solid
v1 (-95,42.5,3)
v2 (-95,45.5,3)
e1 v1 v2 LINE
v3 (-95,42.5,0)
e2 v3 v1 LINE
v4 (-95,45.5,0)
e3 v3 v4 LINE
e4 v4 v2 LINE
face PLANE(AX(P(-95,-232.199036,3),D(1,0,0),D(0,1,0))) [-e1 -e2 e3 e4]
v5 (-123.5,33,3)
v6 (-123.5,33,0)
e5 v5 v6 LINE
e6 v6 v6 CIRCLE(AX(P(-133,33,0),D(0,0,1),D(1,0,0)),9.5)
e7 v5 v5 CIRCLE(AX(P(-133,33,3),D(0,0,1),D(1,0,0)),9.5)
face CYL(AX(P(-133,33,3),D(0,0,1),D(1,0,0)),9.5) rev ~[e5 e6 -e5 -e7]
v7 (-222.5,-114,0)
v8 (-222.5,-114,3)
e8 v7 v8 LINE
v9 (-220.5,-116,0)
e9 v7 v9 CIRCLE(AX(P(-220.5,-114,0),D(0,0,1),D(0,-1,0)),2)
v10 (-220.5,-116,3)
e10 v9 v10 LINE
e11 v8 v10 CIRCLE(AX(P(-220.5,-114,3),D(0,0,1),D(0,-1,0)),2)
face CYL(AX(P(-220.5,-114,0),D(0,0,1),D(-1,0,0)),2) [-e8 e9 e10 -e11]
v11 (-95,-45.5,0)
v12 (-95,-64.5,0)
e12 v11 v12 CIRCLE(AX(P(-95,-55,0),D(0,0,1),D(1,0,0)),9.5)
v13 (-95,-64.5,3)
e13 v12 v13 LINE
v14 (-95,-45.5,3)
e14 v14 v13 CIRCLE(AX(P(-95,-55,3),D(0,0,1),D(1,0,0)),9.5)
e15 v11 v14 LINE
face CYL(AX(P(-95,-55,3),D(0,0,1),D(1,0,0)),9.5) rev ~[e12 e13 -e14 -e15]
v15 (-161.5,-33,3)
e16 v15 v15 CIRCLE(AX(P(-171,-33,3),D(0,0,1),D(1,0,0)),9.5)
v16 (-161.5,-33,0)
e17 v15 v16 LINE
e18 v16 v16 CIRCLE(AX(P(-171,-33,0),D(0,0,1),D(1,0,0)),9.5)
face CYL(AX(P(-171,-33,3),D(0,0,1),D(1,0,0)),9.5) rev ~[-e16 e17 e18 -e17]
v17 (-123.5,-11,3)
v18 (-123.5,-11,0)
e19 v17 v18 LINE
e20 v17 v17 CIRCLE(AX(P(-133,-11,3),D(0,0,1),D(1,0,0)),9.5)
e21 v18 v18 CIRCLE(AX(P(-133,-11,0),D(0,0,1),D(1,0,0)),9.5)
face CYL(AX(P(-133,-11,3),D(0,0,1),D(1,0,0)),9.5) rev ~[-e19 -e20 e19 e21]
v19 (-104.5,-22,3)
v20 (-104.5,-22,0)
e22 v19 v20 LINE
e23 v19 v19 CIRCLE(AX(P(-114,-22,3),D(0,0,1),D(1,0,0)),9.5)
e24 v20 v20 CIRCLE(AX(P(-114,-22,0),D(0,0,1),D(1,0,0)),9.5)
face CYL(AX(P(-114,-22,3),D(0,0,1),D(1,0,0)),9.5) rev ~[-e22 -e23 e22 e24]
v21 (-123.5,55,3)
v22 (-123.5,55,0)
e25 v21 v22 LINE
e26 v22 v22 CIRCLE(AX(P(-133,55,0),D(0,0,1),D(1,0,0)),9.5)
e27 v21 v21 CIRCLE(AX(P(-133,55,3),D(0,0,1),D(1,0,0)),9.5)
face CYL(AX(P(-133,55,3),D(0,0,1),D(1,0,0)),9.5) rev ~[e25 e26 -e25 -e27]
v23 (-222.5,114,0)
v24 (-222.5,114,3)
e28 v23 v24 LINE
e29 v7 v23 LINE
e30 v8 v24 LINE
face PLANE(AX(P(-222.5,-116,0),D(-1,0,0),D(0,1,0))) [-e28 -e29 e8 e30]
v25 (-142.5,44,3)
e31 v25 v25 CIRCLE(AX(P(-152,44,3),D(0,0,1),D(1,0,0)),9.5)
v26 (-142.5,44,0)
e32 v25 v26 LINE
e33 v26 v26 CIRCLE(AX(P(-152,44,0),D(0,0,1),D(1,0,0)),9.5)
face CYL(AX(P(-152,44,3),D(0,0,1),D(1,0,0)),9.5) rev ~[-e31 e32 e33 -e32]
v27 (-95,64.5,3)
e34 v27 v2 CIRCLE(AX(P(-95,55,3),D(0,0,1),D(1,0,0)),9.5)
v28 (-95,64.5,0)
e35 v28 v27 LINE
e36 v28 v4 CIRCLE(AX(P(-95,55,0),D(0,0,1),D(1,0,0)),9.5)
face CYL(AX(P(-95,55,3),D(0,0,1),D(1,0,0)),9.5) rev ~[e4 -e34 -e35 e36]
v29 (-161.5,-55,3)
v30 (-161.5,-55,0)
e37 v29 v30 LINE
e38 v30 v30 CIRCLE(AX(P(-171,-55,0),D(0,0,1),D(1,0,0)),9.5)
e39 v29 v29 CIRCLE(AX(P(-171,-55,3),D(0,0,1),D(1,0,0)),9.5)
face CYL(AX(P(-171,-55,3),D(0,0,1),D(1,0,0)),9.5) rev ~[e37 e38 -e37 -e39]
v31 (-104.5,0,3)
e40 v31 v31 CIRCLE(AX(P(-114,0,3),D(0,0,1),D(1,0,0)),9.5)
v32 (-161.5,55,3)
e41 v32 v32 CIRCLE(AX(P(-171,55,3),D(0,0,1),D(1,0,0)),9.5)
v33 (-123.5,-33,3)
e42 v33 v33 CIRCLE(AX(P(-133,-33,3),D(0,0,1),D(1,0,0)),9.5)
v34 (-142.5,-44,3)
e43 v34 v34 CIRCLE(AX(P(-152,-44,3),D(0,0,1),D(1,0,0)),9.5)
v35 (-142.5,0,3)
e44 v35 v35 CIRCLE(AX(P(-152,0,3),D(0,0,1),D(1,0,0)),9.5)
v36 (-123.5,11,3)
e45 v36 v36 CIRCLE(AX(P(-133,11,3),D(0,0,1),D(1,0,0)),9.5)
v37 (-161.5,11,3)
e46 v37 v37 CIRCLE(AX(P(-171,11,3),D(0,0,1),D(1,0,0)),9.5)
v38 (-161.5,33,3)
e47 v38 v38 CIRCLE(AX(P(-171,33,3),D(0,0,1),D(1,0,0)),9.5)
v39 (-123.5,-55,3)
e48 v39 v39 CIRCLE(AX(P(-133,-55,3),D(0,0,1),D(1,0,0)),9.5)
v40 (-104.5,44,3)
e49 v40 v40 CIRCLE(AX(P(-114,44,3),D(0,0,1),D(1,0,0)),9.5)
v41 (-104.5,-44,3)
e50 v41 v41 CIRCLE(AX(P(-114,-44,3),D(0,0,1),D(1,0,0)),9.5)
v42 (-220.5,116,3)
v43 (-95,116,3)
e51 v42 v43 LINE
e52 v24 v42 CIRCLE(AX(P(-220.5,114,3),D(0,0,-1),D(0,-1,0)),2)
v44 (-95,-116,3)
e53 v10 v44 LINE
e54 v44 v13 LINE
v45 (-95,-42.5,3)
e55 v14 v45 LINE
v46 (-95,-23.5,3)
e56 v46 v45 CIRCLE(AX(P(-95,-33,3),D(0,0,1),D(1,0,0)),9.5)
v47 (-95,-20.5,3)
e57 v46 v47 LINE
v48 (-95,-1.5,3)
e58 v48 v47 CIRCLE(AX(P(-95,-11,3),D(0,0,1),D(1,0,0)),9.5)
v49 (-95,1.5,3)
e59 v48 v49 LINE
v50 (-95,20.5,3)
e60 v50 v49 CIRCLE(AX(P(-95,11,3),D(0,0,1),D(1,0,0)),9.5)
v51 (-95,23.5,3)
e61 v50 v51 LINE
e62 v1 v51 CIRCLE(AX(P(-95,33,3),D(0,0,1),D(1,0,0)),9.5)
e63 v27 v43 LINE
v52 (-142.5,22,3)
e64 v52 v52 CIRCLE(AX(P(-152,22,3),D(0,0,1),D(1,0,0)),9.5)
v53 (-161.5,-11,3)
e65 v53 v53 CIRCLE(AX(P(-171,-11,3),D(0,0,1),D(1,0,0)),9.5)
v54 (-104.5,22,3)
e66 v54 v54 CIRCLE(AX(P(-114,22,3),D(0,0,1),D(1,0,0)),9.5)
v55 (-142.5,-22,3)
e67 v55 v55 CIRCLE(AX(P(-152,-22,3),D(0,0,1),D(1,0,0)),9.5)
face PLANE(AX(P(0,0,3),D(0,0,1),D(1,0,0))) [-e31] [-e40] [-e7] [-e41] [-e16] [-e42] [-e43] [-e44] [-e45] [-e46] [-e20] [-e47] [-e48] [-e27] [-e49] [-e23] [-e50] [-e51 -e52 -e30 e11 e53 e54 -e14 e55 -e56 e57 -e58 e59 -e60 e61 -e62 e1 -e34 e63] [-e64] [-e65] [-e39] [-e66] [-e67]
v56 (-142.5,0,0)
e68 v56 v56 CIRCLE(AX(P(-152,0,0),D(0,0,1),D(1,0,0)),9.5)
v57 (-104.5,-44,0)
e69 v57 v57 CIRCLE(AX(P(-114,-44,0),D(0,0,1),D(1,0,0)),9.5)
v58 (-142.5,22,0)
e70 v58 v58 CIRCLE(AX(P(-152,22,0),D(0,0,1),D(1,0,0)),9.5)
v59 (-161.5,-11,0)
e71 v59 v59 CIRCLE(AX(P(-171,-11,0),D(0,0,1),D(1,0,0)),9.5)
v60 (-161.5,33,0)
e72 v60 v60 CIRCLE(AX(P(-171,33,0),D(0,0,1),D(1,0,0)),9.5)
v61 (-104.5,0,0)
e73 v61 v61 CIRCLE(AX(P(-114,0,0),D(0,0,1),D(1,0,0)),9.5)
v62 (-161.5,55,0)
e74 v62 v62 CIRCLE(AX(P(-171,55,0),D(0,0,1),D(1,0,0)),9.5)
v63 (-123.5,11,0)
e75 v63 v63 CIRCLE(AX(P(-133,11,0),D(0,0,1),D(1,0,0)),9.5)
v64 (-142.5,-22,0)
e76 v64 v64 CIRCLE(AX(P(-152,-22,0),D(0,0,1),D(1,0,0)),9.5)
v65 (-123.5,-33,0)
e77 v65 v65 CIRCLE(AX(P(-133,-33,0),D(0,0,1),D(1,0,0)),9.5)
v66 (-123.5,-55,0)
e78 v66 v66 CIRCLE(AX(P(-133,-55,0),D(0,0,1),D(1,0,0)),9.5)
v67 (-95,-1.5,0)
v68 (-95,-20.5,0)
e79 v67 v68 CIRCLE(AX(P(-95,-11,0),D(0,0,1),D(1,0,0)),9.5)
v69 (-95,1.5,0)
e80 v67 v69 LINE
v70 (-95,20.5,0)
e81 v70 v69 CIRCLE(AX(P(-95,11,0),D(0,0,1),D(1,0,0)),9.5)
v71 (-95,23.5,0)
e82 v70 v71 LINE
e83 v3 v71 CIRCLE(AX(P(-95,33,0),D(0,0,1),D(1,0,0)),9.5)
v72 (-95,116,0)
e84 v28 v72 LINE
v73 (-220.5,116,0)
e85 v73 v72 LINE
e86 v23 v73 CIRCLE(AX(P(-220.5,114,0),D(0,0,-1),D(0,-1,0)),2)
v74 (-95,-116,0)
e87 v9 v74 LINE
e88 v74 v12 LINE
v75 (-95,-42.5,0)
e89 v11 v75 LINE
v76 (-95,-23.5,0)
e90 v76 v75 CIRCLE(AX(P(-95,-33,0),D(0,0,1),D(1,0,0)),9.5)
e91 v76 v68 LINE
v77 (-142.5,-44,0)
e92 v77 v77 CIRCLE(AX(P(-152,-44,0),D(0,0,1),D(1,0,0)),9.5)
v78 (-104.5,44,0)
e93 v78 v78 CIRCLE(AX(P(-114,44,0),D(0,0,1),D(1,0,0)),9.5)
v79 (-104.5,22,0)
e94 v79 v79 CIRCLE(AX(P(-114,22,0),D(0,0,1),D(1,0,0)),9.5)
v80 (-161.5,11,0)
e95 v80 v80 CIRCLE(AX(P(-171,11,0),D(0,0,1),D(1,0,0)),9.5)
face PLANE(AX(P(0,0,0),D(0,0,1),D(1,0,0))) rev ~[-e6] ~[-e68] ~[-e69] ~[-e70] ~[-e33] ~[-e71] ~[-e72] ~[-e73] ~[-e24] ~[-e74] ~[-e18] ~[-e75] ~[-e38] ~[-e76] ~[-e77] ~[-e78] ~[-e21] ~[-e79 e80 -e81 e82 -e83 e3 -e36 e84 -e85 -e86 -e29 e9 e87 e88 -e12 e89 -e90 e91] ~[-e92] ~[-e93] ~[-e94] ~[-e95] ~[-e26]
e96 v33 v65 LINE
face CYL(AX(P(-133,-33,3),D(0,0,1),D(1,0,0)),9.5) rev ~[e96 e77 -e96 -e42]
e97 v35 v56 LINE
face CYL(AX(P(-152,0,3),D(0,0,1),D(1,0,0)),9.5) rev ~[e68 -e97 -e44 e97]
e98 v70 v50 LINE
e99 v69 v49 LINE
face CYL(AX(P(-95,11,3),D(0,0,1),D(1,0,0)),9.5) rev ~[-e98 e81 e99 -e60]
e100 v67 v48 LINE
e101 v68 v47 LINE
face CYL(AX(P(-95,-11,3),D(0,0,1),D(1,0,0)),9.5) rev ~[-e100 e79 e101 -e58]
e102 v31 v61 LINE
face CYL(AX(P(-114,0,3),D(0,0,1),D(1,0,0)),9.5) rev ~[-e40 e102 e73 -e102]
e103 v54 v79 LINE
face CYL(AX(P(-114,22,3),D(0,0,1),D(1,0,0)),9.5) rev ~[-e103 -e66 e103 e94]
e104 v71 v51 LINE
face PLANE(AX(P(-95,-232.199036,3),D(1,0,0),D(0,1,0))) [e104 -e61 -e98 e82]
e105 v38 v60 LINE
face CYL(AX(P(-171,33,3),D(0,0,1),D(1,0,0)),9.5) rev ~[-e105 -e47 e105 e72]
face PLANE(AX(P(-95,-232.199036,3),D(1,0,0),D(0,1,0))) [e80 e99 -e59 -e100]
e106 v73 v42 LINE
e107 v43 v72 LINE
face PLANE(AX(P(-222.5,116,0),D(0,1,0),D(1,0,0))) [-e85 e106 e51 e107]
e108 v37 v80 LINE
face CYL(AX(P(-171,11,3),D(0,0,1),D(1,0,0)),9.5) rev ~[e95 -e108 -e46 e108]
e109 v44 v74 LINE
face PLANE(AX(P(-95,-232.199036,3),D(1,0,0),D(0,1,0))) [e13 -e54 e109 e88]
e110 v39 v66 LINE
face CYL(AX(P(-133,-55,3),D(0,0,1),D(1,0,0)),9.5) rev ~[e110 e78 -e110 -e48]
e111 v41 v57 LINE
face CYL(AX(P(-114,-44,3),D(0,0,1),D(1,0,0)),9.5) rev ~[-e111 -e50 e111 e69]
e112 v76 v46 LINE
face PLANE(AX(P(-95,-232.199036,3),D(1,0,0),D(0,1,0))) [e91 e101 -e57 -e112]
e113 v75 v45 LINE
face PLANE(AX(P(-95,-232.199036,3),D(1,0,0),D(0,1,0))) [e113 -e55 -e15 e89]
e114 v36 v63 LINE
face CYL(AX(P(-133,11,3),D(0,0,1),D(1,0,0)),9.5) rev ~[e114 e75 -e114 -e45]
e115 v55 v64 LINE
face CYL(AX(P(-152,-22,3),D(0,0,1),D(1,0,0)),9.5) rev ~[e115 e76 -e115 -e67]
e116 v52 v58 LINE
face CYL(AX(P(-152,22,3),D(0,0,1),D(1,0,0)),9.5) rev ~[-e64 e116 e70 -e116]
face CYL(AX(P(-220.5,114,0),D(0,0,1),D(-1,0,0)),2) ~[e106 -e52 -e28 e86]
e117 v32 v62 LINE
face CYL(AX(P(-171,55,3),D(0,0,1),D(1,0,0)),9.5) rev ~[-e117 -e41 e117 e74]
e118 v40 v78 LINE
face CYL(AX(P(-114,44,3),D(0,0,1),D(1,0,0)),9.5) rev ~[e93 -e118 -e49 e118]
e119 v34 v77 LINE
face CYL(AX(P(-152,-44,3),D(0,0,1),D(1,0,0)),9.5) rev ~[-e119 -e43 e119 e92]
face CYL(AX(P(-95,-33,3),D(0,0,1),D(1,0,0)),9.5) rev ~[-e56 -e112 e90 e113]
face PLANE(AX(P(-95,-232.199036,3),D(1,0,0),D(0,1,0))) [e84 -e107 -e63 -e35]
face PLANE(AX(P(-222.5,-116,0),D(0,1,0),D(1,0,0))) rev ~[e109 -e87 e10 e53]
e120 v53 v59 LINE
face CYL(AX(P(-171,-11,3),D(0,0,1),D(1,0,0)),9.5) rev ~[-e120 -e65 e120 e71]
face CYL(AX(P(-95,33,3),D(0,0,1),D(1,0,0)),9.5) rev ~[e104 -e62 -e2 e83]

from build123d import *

# Parameters (mm, degrees)
SKETCH064_W     = 445
SKETCH064_H     = 232
PAD024_DEPTH    = 3
SKETCH065_R     = 9.5
POCKET040_DEPTH = 5
FILLET009_R     = 2
SKETCH066_R     = 7
POCKET041_DEPTH = 10.001
SKETCH081_W     = 425.970062
SKETCH081_H     = 417.705674
POCKET053_DEPTH = 5


with BuildPart() as part:
    # Sketch064 → Pad024 (new body)
    with BuildSketch(Plane.XY):
        Rectangle(SKETCH064_W, SKETCH064_H)
    extrude(amount=PAD024_DEPTH)

    # Sketch065 (on Face6 of Pad024) → Pocket040 (cut)
    with BuildSketch(Plane.XY.offset(3)):
        with Locations((-171, 55)):
            Circle(SKETCH065_R)
        with Locations((-171, 33)):
            Circle(SKETCH065_R)
        with Locations((-171, 11)):
            Circle(SKETCH065_R)
        with Locations((-171, -11)):
            Circle(SKETCH065_R)
        with Locations((-171, -33)):
            Circle(SKETCH065_R)
        with Locations((-171, -55)):
            Circle(SKETCH065_R)
        with Locations((-152, 44)):
            Circle(SKETCH065_R)
        with Locations((-152, 22)):
            Circle(SKETCH065_R)
        with Locations((-152, 0)):
            Circle(SKETCH065_R)
        with Locations((-152, -22)):
            Circle(SKETCH065_R)
        with Locations((-152, -44)):
            Circle(SKETCH065_R)
        with Locations((-133, 55)):
            Circle(SKETCH065_R)
        with Locations((-133, 33)):
            Circle(SKETCH065_R)
        with Locations((-133, 11)):
            Circle(SKETCH065_R)
        with Locations((-133, -11)):
            Circle(SKETCH065_R)
        with Locations((-133, -33)):
            Circle(SKETCH065_R)
        with Locations((-133, -55)):
            Circle(SKETCH065_R)
        with Locations((-114, 44)):
            Circle(SKETCH065_R)
        with Locations((-114, 22)):
            Circle(SKETCH065_R)
        with Locations((-114, 0)):
            Circle(SKETCH065_R)
        with Locations((-114, -22)):
            Circle(SKETCH065_R)
        with Locations((-114, -44)):
            Circle(SKETCH065_R)
        with Locations((-95, 55)):
            Circle(SKETCH065_R)
        with Locations((-95, 33)):
            Circle(SKETCH065_R)
        with Locations((-95, 11)):
            Circle(SKETCH065_R)
        with Locations((-95, -11)):
            Circle(SKETCH065_R)
        with Locations((-95, -33)):
            Circle(SKETCH065_R)
        with Locations((-95, -55)):
            Circle(SKETCH065_R)
        with Locations((-76, -44)):
            Circle(SKETCH065_R)
        with Locations((-76, -22)):
            Circle(SKETCH065_R)
        with Locations((-76, 0)):
            Circle(SKETCH065_R)
        with Locations((-76, 22)):
            Circle(SKETCH065_R)
        with Locations((-76, 44)):
            Circle(SKETCH065_R)
        with Locations((-57, 55)):
            Circle(SKETCH065_R)
        with Locations((-57, 33)):
            Circle(SKETCH065_R)
        with Locations((-57, 11)):
            Circle(SKETCH065_R)
        with Locations((-57, -11)):
            Circle(SKETCH065_R)
        with Locations((-57, -33)):
            Circle(SKETCH065_R)
        with Locations((-38, 44)):
            Circle(SKETCH065_R)
        with Locations((-38, 22)):
            Circle(SKETCH065_R)
        with Locations((-38, 0)):
            Circle(SKETCH065_R)
        with Locations((-38, -22)):
            Circle(SKETCH065_R)
        with Locations((-38, -44)):
            Circle(SKETCH065_R)
        with Locations((-57, -55)):
            Circle(SKETCH065_R)
        with Locations((-19, 55)):
            Circle(SKETCH065_R)
        with Locations((-19, 33)):
            Circle(SKETCH065_R)
        with Locations((-19, 11)):
            Circle(SKETCH065_R)
        with Locations((-19, -11)):
            Circle(SKETCH065_R)
        with Locations((-19, -33)):
            Circle(SKETCH065_R)
        with Locations((-19, -55)):
            Circle(SKETCH065_R)
        with Locations((0, -44)):
            Circle(SKETCH065_R)
        with Locations((0, -22)):
            Circle(SKETCH065_R)
        Circle(SKETCH065_R)
        with Locations((0, 22)):
            Circle(SKETCH065_R)
        with Locations((0, 44)):
            Circle(SKETCH065_R)
        with Locations((19, 55)):
            Circle(SKETCH065_R)
        with Locations((19, 33)):
            Circle(SKETCH065_R)
        with Locations((19, 11)):
            Circle(SKETCH065_R)
        with Locations((19, -11)):
            Circle(SKETCH065_R)
        with Locations((19, -33)):
            Circle(SKETCH065_R)
        with Locations((19, -55)):
            Circle(SKETCH065_R)
        with Locations((38, -44)):
            Circle(SKETCH065_R)
        with Locations((38, -22)):
            Circle(SKETCH065_R)
        with Locations((38, 0)):
            Circle(SKETCH065_R)
        with Locations((38, 22)):
            Circle(SKETCH065_R)
        with Locations((38, 44)):
            Circle(SKETCH065_R)
        with Locations((57, 55)):
            Circle(SKETCH065_R)
        with Locations((57, 33)):
            Circle(SKETCH065_R)
        with Locations((57, 11)):
            Circle(SKETCH065_R)
        with Locations((57, -11)):
            Circle(SKETCH065_R)
        with Locations((76, 0)):
            Circle(SKETCH065_R)
        with Locations((76, 22)):
            Circle(SKETCH065_R)
        with Locations((76, 44)):
            Circle(SKETCH065_R)
        with Locations((57, -33)):
            Circle(SKETCH065_R)
        with Locations((57, -55)):
            Circle(SKETCH065_R)
        with Locations((76, -44)):
            Circle(SKETCH065_R)
        with Locations((76, -22)):
            Circle(SKETCH065_R)
        with Locations((95, 55)):
            Circle(SKETCH065_R)
        with Locations((95, 33)):
            Circle(SKETCH065_R)
        with Locations((95, 11)):
            Circle(SKETCH065_R)
        with Locations((95, -11)):
            Circle(SKETCH065_R)
        with Locations((95, -33)):
            Circle(SKETCH065_R)
        with Locations((95, -55)):
            Circle(SKETCH065_R)
        with Locations((114, 44)):
            Circle(SKETCH065_R)
        with Locations((114, 22)):
            Circle(SKETCH065_R)
        with Locations((114, 0)):
            Circle(SKETCH065_R)
        with Locations((114, -22)):
            Circle(SKETCH065_R)
        with Locations((114, -44)):
            Circle(SKETCH065_R)
        with Locations((133, 55)):
            Circle(SKETCH065_R)
        with Locations((133, 33)):
            Circle(SKETCH065_R)
        with Locations((133, 11)):
            Circle(SKETCH065_R)
        with Locations((133, -11)):
            Circle(SKETCH065_R)
        with Locations((133, -33)):
            Circle(SKETCH065_R)
        with Locations((133, -55)):
            Circle(SKETCH065_R)
        with Locations((152, 44)):
            Circle(SKETCH065_R)
        with Locations((152, 22)):
            Circle(SKETCH065_R)
        with Locations((152, 0)):
            Circle(SKETCH065_R)
        with Locations((152, -22)):
            Circle(SKETCH065_R)
        with Locations((152, -44)):
            Circle(SKETCH065_R)
        with Locations((171, 55)):
            Circle(SKETCH065_R)
        with Locations((171, 33)):
            Circle(SKETCH065_R)
        with Locations((171, 11)):
            Circle(SKETCH065_R)
        with Locations((171, -11)):
            Circle(SKETCH065_R)
        with Locations((171, -33)):
            Circle(SKETCH065_R)
        with Locations((171, -55)):
            Circle(SKETCH065_R)
    extrude(amount=-POCKET040_DEPTH, mode=Mode.SUBTRACT)

    # Fillet009
    fillet009_edges = [part.edges().sort_by_distance(p)[0] for p in [
        (-222.5, -116, 1.5),
        (222.5, -116, 1.5),
        (222.5, 116, 1.5),
        (-222.5, 116, 1.5),
    ]]
    fillet(fillet009_edges, radius=FILLET009_R)

    # Sketch066 → Pocket041 (cut, through all)
    with BuildSketch(Plane.XY.offset(10)):
        with Locations((197.939534, 0)):
            Circle(SKETCH066_R)
    extrude(amount=-POCKET041_DEPTH, mode=Mode.SUBTRACT)

    # Sketch081 (on Face5 of Pocket041) → Pocket053 (cut)
    with BuildSketch(Plane.XY.offset(3)):
        with Locations((117.985031, -23.346199)):
            Rectangle(SKETCH081_W, SKETCH081_H)
    extrude(amount=-POCKET053_DEPTH, mode=Mode.SUBTRACT)


solid = part.part
